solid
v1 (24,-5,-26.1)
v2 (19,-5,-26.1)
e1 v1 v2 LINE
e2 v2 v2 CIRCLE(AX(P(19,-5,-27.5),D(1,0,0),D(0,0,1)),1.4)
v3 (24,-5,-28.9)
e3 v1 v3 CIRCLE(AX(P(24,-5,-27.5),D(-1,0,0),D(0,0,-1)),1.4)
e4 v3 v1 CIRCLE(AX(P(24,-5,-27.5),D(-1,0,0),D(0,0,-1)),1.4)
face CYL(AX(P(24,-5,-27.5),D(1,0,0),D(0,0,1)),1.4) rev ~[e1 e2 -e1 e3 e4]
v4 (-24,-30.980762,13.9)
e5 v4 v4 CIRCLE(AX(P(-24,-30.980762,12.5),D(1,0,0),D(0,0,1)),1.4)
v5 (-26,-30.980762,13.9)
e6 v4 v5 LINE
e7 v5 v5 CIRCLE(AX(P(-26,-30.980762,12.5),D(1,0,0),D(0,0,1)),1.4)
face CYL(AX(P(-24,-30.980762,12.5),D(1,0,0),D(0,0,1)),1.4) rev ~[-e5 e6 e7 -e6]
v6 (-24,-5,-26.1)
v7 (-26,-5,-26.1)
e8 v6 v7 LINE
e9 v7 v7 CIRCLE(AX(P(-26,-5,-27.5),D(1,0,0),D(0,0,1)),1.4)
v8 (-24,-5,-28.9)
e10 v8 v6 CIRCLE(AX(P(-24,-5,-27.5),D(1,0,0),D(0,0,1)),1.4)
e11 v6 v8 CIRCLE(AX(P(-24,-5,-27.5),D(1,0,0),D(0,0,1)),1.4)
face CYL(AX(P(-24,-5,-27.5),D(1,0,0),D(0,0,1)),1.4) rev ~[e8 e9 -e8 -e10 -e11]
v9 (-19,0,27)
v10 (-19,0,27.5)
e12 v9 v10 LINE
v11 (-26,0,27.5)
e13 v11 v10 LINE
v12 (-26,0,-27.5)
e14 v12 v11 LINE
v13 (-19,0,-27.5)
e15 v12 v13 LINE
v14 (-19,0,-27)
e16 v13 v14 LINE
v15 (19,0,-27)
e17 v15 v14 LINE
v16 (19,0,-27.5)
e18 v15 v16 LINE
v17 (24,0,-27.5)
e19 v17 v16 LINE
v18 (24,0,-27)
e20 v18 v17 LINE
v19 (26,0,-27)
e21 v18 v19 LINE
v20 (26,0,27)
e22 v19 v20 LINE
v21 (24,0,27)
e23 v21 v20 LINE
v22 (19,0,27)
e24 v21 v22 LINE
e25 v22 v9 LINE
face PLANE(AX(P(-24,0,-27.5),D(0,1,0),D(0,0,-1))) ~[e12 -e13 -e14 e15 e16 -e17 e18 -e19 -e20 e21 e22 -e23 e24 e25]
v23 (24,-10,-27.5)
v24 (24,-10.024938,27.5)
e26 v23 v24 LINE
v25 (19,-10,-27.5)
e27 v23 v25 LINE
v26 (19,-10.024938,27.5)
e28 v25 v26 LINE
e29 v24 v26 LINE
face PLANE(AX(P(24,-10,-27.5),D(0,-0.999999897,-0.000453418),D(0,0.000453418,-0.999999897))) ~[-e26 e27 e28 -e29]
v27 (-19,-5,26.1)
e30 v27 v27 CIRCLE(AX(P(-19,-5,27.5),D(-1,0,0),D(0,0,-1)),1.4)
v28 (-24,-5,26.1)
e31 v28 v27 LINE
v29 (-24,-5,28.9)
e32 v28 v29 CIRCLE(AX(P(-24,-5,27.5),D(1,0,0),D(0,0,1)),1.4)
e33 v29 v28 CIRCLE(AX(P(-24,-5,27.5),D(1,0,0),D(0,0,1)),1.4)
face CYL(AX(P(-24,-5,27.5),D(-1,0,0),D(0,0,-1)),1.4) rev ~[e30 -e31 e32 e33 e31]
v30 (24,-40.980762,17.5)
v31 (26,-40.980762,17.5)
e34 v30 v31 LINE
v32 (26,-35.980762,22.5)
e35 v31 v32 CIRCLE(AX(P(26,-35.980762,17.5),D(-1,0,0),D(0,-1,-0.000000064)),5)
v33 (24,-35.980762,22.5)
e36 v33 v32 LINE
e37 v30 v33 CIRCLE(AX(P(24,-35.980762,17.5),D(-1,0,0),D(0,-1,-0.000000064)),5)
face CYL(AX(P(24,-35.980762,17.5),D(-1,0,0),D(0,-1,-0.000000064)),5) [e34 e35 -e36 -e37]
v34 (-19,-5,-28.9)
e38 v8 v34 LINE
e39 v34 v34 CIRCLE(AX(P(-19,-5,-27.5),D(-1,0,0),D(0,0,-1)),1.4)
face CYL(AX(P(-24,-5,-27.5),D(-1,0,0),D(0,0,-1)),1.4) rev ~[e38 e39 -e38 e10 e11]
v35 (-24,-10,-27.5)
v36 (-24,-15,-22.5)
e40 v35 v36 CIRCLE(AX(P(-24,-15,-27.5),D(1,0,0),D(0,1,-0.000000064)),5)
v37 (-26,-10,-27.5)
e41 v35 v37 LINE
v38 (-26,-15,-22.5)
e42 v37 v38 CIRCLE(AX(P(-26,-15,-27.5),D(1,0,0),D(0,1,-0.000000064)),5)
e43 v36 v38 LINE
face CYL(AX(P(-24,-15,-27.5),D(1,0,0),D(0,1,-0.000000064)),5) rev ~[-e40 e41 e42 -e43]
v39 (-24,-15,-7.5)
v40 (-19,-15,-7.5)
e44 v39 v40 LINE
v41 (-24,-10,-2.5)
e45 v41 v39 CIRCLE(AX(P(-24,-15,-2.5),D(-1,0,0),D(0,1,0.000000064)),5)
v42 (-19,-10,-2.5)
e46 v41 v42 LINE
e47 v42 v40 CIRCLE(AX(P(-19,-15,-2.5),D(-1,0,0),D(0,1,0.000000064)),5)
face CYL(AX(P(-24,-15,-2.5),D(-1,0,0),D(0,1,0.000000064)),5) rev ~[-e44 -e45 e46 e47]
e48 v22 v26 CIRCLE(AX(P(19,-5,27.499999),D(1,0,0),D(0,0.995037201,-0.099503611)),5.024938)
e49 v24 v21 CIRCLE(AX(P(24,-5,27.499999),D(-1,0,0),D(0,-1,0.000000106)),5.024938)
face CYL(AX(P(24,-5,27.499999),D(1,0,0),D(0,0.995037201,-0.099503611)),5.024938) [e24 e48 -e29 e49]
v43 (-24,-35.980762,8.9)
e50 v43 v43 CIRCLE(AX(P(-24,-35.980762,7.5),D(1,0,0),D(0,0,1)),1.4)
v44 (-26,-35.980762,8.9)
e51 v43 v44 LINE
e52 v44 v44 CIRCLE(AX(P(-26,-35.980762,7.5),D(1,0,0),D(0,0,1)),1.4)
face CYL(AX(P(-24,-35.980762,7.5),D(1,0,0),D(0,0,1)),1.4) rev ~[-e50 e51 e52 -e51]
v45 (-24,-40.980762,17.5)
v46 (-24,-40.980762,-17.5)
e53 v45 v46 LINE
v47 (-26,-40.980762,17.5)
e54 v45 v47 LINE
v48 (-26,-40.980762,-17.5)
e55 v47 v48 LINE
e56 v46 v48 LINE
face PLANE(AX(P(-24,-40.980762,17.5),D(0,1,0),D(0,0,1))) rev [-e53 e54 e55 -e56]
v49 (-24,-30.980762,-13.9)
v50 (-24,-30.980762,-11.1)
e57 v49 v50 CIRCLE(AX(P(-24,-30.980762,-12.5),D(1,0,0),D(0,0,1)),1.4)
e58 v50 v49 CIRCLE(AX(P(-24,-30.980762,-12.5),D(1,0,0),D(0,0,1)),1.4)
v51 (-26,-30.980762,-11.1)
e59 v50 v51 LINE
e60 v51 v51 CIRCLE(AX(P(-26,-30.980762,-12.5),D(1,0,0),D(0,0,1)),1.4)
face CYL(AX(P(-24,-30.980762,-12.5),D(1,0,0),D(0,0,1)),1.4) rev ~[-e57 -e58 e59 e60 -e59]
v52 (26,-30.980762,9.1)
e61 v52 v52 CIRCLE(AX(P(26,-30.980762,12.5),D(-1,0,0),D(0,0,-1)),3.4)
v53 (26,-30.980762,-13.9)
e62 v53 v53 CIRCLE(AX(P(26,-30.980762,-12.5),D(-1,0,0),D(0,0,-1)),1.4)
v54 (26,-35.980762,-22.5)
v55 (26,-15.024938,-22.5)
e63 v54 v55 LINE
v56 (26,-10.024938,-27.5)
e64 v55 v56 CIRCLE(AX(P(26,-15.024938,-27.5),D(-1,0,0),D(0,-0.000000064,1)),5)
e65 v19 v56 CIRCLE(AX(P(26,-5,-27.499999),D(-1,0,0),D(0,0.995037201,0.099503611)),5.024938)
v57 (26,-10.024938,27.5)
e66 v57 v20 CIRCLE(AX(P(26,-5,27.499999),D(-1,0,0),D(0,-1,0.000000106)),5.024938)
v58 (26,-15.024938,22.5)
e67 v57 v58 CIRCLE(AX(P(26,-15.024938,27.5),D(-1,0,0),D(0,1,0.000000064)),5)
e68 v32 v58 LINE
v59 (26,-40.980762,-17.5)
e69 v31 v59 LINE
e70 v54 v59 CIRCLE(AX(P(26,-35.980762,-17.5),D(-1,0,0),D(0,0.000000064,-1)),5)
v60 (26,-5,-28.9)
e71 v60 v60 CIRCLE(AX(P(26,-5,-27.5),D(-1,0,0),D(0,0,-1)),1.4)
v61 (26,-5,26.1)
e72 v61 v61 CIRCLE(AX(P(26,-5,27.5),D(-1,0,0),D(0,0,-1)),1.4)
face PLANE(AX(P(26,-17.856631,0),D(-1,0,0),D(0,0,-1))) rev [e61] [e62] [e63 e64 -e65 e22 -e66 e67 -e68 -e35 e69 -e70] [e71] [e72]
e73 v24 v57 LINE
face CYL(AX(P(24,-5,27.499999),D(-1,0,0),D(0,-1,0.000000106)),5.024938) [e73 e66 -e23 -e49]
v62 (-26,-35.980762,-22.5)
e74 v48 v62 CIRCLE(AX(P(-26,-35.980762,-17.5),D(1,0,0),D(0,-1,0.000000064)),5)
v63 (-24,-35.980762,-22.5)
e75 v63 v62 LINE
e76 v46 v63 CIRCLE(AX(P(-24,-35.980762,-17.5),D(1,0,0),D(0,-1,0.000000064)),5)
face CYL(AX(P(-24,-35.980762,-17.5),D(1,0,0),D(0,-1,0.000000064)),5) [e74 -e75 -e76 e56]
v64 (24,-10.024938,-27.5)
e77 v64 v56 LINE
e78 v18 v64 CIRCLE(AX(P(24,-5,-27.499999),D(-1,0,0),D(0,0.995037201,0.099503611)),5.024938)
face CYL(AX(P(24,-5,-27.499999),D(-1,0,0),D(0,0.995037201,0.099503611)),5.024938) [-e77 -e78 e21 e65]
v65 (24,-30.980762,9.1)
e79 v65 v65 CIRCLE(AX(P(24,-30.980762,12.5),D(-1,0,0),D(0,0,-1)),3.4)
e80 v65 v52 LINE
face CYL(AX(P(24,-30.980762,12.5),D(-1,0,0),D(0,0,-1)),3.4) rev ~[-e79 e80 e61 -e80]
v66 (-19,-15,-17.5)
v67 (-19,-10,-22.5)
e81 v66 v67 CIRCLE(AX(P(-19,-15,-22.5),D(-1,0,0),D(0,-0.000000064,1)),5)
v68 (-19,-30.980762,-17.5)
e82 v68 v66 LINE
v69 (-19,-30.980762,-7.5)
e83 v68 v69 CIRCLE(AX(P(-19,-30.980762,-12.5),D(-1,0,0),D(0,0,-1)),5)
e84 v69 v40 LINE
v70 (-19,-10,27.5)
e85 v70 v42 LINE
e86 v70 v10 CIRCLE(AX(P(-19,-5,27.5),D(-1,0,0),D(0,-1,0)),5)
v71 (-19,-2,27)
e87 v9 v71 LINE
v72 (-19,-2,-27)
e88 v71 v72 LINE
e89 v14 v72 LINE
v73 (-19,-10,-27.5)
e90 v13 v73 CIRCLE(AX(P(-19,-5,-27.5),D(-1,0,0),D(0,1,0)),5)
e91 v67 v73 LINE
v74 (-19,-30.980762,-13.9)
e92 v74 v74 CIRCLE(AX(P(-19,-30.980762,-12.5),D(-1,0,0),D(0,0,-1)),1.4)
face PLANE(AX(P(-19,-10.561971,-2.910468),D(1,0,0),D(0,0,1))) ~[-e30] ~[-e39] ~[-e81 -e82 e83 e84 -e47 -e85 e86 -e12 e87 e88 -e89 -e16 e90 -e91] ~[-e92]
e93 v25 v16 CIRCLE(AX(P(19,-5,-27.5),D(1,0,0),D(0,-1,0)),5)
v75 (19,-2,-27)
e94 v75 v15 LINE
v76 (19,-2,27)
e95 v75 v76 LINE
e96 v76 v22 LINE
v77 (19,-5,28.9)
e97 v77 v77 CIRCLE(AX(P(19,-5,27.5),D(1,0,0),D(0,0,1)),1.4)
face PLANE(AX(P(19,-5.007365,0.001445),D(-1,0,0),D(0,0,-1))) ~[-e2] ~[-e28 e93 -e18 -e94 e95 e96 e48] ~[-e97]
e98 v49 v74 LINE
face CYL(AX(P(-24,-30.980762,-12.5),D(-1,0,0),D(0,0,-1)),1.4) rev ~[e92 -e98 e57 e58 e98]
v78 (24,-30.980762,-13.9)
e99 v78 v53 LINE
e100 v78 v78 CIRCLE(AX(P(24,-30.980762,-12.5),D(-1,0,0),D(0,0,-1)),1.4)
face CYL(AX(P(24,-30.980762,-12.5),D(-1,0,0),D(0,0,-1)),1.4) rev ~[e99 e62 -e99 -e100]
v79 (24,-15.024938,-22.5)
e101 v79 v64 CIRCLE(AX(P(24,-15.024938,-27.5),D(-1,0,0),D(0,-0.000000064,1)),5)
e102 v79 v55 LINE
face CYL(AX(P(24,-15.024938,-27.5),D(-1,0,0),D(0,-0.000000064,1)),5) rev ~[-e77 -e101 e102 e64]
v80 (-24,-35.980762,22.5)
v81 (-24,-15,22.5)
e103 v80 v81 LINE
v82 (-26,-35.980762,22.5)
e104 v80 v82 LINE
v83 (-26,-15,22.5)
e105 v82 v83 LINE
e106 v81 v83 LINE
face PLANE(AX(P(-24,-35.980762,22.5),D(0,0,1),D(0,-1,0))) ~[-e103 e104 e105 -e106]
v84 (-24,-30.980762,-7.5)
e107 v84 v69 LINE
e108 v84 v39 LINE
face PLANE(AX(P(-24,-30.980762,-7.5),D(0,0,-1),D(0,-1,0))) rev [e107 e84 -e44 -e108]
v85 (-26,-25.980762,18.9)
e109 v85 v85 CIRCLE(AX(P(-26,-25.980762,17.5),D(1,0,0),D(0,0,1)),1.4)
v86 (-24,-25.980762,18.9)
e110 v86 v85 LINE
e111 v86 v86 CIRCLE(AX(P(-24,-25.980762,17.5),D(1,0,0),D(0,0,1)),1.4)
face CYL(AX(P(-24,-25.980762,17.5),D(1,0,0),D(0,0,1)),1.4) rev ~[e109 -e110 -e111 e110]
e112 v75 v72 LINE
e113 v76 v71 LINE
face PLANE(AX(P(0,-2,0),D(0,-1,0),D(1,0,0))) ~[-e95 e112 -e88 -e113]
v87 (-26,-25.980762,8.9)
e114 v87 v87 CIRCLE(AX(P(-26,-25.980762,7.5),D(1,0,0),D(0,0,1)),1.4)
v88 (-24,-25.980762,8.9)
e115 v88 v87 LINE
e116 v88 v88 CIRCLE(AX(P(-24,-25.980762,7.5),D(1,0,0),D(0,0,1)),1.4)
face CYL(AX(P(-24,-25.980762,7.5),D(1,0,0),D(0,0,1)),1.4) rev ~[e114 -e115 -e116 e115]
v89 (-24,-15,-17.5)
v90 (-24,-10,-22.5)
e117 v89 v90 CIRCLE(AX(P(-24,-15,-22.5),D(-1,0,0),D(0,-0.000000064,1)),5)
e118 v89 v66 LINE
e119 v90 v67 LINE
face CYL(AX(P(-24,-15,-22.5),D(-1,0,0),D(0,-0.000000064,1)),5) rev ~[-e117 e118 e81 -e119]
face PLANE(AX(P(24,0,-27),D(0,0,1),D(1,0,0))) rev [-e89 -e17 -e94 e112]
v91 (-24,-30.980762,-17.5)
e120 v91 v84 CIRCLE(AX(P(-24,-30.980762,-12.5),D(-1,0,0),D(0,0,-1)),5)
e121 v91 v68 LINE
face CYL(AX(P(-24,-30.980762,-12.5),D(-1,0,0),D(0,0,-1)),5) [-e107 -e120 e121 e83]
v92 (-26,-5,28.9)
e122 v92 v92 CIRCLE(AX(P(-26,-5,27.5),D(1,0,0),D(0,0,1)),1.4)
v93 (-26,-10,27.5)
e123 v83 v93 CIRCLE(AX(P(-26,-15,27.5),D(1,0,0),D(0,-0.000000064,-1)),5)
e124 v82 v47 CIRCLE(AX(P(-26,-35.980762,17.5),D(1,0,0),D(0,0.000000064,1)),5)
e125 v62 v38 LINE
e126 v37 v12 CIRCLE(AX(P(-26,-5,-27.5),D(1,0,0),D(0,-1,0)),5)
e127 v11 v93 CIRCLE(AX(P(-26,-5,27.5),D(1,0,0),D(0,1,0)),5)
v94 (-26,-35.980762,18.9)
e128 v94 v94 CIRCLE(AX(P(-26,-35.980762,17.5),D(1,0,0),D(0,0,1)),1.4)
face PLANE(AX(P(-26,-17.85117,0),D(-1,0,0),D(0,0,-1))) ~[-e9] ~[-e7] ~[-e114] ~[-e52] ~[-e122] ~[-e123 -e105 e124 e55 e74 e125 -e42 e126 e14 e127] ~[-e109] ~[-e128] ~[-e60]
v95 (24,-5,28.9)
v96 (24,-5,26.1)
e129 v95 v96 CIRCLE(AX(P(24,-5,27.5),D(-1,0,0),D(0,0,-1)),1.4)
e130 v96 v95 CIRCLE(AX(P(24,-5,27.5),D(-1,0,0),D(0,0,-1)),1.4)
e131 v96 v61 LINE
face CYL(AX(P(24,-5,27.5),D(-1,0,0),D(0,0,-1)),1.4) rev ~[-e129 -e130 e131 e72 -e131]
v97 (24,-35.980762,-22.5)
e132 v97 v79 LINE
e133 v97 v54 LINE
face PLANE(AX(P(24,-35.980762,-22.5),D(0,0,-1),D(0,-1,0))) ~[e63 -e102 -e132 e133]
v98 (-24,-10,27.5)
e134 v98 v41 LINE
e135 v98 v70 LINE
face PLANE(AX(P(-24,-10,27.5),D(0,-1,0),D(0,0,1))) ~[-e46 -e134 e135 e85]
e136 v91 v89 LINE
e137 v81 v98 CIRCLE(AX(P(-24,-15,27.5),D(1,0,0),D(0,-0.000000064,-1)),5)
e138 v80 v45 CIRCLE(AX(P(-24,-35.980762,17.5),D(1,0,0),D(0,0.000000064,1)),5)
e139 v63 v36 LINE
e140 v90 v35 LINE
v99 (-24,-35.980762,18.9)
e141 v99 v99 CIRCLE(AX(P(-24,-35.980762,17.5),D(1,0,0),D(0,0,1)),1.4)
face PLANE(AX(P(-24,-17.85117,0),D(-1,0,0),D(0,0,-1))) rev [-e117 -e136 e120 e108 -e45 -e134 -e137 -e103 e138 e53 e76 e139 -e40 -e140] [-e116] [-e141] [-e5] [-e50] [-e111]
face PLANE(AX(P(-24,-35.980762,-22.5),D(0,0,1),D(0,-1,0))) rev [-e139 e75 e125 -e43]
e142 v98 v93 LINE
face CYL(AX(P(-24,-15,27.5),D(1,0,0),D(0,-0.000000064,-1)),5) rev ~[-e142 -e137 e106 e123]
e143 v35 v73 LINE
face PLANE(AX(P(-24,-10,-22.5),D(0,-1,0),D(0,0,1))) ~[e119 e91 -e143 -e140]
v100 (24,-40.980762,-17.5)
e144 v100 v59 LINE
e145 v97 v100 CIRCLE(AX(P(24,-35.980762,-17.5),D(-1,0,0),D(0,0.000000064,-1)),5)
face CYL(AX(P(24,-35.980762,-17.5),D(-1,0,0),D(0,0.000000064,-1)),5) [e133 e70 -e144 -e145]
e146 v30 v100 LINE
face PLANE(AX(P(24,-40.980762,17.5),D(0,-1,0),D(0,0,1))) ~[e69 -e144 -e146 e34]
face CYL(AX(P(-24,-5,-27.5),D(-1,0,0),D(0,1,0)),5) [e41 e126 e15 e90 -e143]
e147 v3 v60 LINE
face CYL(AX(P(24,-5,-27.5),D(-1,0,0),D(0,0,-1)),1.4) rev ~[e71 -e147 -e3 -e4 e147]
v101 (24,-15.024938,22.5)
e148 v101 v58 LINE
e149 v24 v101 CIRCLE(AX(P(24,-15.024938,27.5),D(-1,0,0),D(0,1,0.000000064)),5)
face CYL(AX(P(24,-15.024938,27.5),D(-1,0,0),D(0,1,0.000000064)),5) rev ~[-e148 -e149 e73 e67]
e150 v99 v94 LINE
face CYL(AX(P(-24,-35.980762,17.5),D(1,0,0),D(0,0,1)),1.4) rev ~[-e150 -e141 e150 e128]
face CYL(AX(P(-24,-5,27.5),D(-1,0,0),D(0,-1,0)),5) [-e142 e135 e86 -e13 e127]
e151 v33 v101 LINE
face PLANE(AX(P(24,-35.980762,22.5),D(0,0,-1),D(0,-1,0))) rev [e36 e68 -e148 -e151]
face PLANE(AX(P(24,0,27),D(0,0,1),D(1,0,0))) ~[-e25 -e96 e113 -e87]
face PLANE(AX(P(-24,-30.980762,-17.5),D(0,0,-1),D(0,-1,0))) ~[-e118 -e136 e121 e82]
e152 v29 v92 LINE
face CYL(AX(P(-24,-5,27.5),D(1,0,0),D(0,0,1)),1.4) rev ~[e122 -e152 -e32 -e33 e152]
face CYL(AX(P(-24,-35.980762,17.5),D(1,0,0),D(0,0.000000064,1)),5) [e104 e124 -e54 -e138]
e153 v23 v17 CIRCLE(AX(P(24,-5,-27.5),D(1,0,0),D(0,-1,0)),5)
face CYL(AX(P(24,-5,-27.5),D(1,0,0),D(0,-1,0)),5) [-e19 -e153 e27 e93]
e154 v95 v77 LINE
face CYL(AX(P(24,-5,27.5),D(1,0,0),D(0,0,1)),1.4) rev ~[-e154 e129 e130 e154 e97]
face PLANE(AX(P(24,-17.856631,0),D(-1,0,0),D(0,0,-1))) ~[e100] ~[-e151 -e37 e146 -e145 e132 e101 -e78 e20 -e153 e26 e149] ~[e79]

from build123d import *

# Parameters (mm, degrees)
SKETCH_W      = 48
SKETCH_H      = 54
PAD_DEPTH     = 2
SKETCH001_R   = 1.4
PAD001_DEPTH  = 2
SKETCH002_R   = 3.4
SKETCH002_R_2 = 1.4
PAD002_DEPTH  = 2
SKETCH003_R   = 1.4
PAD003_DEPTH  = 5
SKETCH004_R   = 1.4
PAD004_DEPTH  = 5


with BuildPart() as body:
    # Sketch → Pad (new body)
    with BuildSketch(Plane.XZ):
        Rectangle(SKETCH_W, SKETCH_H)
    extrude(amount=PAD_DEPTH)

    # Sketch001 (on Face2 of Pad) → Pad001 (join)
    with BuildSketch(Plane(origin=(24, 0, 0), x_dir=(0, 0, 1), z_dir=(1, 0, 0))):
        with BuildLine():
            Line((-27.5, 0), (27.5, 0))
            ThreePointArc((27.5, 0), (32.5, 5), (27.5, 10))
            ThreePointArc((22.5, 15), (23.964466, 11.464466), (27.5, 10))
            Line((22.5, 35.980762), (22.5, 15))
            ThreePointArc((22.5, 35.980762), (21.035534, 39.516296), (17.5, 40.980762))
            Line((17.5, 40.980762), (-17.5, 40.980762))
            ThreePointArc((-17.5, 40.980762), (-21.035534, 39.516296), (-22.5, 35.980762))
            Line((-22.5, 35.980762), (-22.5, 15))
            ThreePointArc((-27.5, 10), (-23.964466, 11.464466), (-22.5, 15))
            ThreePointArc((-27.5, 10), (-32.5, 5), (-27.5, 0))
        make_face()
        with Locations((-27.5, 5)):
            Circle(SKETCH001_R, mode=Mode.SUBTRACT)
        with Locations((27.5, 5)):
            Circle(SKETCH001_R, mode=Mode.SUBTRACT)
        with Locations((12.5, 30.980762)):
            Circle(SKETCH001_R, mode=Mode.SUBTRACT)
        with Locations((17.5, 25.980762)):
            Circle(SKETCH001_R, mode=Mode.SUBTRACT)
        with Locations((17.5, 35.980762)):
            Circle(SKETCH001_R, mode=Mode.SUBTRACT)
        with Locations((7.5, 35.980762)):
            Circle(SKETCH001_R, mode=Mode.SUBTRACT)
        with Locations((7.5, 25.980762)):
            Circle(SKETCH001_R, mode=Mode.SUBTRACT)
        with Locations((-12.5, 30.980762)):
            Circle(SKETCH001_R, mode=Mode.SUBTRACT)
    extrude(amount=PAD001_DEPTH)

    # Sketch002 (on Face4 of Pad) → Pad002 (join)
    with BuildSketch(Plane(origin=(-24, 0, 0), x_dir=(0, 0, -1), z_dir=(-1, 0, 0))):
        with BuildLine():
            Line((27, 0), (-27, 0))
            ThreePointArc((-27.5, 10.024938), (-32.518699, 4.749689), (-27, 0))
            ThreePointArc((-27.5, 10.024938), (-23.964466, 11.489404), (-22.5, 15.024938))
            Line((-22.5, 35.980762), (-22.5, 15.024938))
            ThreePointArc((-17.5, 40.980762), (-21.035534, 39.516296), (-22.5, 35.980762))
            Line((-17.5, 40.980762), (17.5, 40.980762))
            ThreePointArc((22.5, 35.980762), (21.035534, 39.516296), (17.5, 40.980762))
            Line((22.5, 35.980762), (22.5, 15.024938))
            ThreePointArc((22.5, 15.024938), (23.964466, 11.489404), (27.5, 10.024938))
            ThreePointArc((27, 0), (32.518699, 4.749689), (27.5, 10.024938))
        make_face()
        with Locations((-12.5, 30.980762)):
            Circle(SKETCH002_R, mode=Mode.SUBTRACT)
        with Locations((12.5, 30.980762)):
            Circle(SKETCH002_R_2, mode=Mode.SUBTRACT)
        with Locations((27.5, 5)):
            Circle(SKETCH002_R_2, mode=Mode.SUBTRACT)
        with Locations((-27.5, 5)):
            Circle(SKETCH002_R_2, mode=Mode.SUBTRACT)
    extrude(amount=PAD002_DEPTH)

    # Sketch003 (on Face26 of Pad002) → Pad003 (join)
    with BuildSketch(Plane(origin=(-24, 0, 0), x_dir=(0, 0, 1), z_dir=(1, 0, 0))):
        with BuildLine():
            ThreePointArc((-27.5, 10), (-32.5, 5), (-27.5, 0))
            Line((27, 0), (-27.5, 0))
            ThreePointArc((27, 0), (32.518699, 4.749689), (27.5, 10.024938))
            Line((-27.5, 10), (27.5, 10.024938))
        make_face()
        with Locations((-27.5, 5)):
            Circle(SKETCH003_R, mode=Mode.SUBTRACT)
        with Locations((27.5, 5)):
            Circle(SKETCH003_R, mode=Mode.SUBTRACT)
    extrude(amount=PAD003_DEPTH)

    # Sketch004 (on Face4 of Pad003) → Pad004 (join)
    with BuildSketch(Plane(origin=(24, 0, 0), x_dir=(0, 0, -1), z_dir=(-1, 0, 0))):
        with BuildLine():
            ThreePointArc((-27.5, 10), (-32.5, 5), (-27.5, 0))
            Line((27.5, 0), (-27.5, 0))
            ThreePointArc((27.5, 0), (32.5, 5), (27.5, 10))
            Line((22.5, 10), (27.5, 10))
            ThreePointArc((17.5, 15), (18.964466, 11.464466), (22.5, 10))
            Line((17.5, 30.980762), (17.5, 15))
            ThreePointArc((17.5, 30.980762), (12.5, 35.980762), (7.5, 30.980762))
            Line((7.5, 30.980762), (7.5, 15))
            ThreePointArc((2.5, 10), (6.035534, 11.464466), (7.5, 15))
            Line((-27.5, 10), (2.5, 10))
        make_face()
        with Locations((-27.5, 5)):
            Circle(SKETCH004_R, mode=Mode.SUBTRACT)
        with Locations((27.5, 5)):
            Circle(SKETCH004_R, mode=Mode.SUBTRACT)
        with Locations((12.5, 30.980762)):
            Circle(SKETCH004_R, mode=Mode.SUBTRACT)
    extrude(amount=PAD004_DEPTH)


with BuildPart() as part_mirroring:
    # Part__Mirroring: instance of Body
    add(body.part.mirror(Plane(origin=(0, 0, 0), x_dir=(0, -1, 0), z_dir=(1, 0, 0))))


solid = part_mirroring.part
